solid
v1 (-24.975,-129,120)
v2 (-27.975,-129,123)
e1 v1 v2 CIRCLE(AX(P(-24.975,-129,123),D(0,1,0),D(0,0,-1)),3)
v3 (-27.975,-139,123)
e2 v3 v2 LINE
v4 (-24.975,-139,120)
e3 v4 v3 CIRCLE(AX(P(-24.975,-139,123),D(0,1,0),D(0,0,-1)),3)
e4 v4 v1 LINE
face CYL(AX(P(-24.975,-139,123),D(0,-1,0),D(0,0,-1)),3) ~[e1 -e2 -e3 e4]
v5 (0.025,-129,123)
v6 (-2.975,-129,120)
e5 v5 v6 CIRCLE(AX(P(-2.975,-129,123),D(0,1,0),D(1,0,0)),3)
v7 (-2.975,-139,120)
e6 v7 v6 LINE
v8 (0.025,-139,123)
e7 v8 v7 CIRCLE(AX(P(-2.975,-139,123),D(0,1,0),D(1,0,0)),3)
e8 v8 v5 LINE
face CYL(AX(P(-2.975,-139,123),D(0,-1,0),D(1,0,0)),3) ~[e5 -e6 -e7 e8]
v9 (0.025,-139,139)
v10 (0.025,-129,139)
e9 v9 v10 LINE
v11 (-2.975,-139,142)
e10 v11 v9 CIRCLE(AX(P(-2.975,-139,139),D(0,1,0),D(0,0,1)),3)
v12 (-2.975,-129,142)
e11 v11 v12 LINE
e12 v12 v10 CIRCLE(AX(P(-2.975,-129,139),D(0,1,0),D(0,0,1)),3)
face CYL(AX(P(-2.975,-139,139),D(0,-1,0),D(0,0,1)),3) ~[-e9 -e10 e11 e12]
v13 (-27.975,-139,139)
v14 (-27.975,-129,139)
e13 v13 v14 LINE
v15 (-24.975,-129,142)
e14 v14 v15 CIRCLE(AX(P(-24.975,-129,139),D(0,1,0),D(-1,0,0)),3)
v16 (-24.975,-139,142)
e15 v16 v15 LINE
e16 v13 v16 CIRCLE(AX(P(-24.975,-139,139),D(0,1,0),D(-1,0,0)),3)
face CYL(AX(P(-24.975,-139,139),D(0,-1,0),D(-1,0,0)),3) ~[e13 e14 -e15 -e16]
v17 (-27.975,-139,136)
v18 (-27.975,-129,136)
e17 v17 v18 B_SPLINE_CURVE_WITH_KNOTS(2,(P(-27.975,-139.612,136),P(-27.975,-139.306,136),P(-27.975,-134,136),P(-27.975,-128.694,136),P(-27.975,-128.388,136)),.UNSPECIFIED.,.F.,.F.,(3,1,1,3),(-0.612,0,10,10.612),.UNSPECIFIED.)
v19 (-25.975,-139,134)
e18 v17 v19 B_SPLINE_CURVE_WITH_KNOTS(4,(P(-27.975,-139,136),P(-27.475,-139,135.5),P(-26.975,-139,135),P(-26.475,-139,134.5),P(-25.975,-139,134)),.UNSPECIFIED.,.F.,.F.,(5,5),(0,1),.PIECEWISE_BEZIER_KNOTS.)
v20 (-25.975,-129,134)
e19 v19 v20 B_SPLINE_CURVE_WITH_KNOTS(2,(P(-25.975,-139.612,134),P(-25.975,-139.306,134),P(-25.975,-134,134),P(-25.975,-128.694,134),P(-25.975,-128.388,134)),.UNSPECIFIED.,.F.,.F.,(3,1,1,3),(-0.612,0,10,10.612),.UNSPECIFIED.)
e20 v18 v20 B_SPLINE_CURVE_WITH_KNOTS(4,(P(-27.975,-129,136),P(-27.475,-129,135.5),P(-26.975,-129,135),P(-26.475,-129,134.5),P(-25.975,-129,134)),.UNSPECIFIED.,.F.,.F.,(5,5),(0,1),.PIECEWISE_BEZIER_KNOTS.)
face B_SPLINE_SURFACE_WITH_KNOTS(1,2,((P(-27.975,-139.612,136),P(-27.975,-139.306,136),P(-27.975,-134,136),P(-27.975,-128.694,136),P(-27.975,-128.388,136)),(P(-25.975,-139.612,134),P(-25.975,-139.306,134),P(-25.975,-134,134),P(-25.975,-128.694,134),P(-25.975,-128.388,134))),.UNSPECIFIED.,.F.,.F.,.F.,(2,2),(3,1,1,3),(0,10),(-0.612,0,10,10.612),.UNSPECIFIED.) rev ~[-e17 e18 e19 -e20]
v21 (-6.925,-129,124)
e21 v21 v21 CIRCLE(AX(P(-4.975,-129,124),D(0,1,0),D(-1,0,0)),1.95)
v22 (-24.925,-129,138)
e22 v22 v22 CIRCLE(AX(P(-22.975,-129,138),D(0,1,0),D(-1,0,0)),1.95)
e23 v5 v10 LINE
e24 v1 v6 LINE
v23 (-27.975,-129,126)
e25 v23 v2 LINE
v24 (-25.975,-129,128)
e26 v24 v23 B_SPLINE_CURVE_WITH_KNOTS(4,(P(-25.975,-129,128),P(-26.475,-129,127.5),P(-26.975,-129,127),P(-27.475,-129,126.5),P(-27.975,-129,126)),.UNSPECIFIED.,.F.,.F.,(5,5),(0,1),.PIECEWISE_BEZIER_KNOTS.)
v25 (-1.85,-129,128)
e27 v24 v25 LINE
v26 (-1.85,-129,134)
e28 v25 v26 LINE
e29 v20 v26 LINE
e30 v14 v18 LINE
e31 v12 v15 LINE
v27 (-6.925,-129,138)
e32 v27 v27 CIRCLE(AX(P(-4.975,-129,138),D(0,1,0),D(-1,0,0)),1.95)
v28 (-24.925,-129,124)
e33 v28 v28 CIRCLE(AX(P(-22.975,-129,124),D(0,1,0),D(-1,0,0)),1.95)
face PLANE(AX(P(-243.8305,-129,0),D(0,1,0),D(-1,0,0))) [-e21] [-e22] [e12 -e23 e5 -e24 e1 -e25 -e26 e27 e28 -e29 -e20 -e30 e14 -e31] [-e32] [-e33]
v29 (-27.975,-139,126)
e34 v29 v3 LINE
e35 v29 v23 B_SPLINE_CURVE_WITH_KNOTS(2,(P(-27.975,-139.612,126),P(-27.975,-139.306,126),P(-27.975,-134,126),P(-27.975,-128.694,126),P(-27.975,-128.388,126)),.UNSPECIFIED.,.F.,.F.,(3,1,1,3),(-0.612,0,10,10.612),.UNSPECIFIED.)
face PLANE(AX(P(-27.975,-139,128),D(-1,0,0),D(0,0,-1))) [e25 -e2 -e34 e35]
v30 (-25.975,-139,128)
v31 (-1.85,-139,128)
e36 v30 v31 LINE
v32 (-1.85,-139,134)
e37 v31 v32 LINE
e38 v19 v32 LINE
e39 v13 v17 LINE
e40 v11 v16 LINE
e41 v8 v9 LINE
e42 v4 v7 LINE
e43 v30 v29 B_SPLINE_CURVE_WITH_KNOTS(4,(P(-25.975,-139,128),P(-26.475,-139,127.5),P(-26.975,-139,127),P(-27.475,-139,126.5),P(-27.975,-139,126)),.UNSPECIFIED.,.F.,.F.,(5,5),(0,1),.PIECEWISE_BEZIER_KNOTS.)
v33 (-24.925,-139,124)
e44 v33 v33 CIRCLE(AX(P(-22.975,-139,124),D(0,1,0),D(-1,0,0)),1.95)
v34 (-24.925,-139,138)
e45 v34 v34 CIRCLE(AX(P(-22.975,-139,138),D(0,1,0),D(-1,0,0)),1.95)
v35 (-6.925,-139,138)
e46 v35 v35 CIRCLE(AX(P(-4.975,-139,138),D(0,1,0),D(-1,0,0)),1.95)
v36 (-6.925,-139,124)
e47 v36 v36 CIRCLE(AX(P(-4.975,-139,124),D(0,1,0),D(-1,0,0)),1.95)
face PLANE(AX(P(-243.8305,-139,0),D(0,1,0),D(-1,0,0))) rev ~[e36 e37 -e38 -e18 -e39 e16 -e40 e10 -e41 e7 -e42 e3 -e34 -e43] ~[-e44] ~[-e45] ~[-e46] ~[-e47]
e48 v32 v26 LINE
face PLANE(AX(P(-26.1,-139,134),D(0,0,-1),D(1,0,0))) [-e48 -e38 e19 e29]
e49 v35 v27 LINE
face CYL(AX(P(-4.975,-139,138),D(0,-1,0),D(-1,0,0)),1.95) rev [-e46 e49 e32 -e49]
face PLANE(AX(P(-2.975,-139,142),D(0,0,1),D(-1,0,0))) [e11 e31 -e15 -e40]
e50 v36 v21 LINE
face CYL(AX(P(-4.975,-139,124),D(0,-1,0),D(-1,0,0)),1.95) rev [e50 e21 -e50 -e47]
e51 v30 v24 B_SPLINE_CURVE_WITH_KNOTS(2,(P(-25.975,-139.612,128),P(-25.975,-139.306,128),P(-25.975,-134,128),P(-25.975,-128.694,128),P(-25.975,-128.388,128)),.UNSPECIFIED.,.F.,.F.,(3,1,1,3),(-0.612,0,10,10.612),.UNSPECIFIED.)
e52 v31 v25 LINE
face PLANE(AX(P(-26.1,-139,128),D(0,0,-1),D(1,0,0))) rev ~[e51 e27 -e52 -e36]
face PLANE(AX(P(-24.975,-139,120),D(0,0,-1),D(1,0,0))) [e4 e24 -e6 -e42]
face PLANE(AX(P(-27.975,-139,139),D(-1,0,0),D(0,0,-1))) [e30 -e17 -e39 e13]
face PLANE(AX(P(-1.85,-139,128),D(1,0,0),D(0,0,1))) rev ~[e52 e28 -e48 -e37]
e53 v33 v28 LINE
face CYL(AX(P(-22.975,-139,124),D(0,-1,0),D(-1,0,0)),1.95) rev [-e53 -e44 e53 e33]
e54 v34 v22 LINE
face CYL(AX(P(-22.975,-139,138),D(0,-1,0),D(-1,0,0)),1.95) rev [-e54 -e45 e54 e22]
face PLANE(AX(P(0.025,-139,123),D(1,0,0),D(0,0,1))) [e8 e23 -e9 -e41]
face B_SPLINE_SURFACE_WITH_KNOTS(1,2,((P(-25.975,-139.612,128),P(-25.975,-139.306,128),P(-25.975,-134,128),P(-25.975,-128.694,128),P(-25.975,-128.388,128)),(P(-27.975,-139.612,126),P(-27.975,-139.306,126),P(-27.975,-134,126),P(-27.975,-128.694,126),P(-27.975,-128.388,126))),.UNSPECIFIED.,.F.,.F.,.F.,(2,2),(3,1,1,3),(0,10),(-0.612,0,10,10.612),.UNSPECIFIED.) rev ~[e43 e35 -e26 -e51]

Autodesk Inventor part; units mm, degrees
ref_plane "YZ Plane" through (0, 0, 0) normal (1, 0, 0) x (0, 1, 0)
ref_plane "XZ Plane" through (0, 0, 0) normal (0, 1, 0) x (-1, 0, 0)
ref_plane "РабПлоскость1" through (-243.8305, -139, 0) normal (0, 1, 0) x (-1, 0, 0)
sketch "Эскиз1" plane through (-243.8305, -139, 0) normal (0, 1, 0) x (-1, 0, 0)
  line L0 (-217.7305, 128) -> (-241.9805, 128) projected
  line L1 (-241.9805, 128) -> (-241.9805, 134) projected
  line L2 (-217.7305, 134) -> (-241.9805, 134) projected
  line L3 (-217.7305, 128) -> (-217.7305, 134) construction
  line L4 (-218.8555, 120) -> (-240.8555, 120)
  line L5 (-243.8555, 123) -> (-243.8555, 139)
  line L6 (-240.8555, 142) -> (-218.8555, 142)
  line L7 (-215.8555, 139) -> (-215.8555, 123)
  line L8 (-229.8555, 128) -> (-229.8555, 134) construction
  line L9 (-217.7305, 131) -> (-241.9805, 131) construction
  line L10 (-238.8555, 138) -> (-220.8555, 138) construction
  line L11 (-220.8555, 138) -> (-220.8555, 124) construction
  line L12 (-220.8555, 124) -> (-238.8555, 124) construction
  line L13 (-238.8555, 124) -> (-238.8555, 138) construction
  line L14 (-238.8555, 138) -> (-220.8555, 124) construction
  line L15 (-220.8555, 138) -> (-238.8555, 124) construction
  circle A0 centre (-220.8555, 124) radius 1.95
  circle A1 centre (-238.8555, 124) radius 1.95
  circle A2 centre (-238.8555, 138) radius 1.95
  circle A3 centre (-220.8555, 138) radius 1.95
  arc A4 (-218.8555, 120) -> (-215.8555, 123) centre (-218.8555, 123) ccw
  arc A5 (-215.8555, 139) -> (-218.8555, 142) centre (-218.8555, 139) ccw
  arc A6 (-240.8555, 142) -> (-243.8555, 139) centre (-240.8555, 139) ccw
  arc A7 (-243.8555, 123) -> (-240.8555, 120) centre (-240.8555, 123) ccw
  line L16 (-217.7305, 128) -> (-215.8555, 128)
  line L17 (-215.8555, 128) -> (-215.8555, 134)
  line L18 (-215.8555, 134) -> (-217.7305, 134)
  line L19 (-217.7305, 134) -> (-217.7305, 128) construction
  point P0 (-243.8305, 0)
  point P1 (-243.8555, 142)
  point P2 (-243.8555, 120)
  point P3 (-215.8555, 142)
  point P4 (-229.8555, 131)
  dimension "d0" = 28
  dimension "d1" = 22
  dimension "d2" = 3.9
  dimension "d3" = 18
  dimension "d4" = 14
  dimension "d5" = 3
extrude "Выдавливание1" add sketch "Эскиз1" along normal blind 10 contours L16 L7 A4 L4 A7 L5 A6 L6 A5 L18 L2 L1 L0
chamfer "Фаска1" distance 2 angle 45 2 edges at (-27.975, -134, 134) (-27.975, -134, 128)
properties part number "Фиксатор_сервопривода" material "По умолчанию1"
